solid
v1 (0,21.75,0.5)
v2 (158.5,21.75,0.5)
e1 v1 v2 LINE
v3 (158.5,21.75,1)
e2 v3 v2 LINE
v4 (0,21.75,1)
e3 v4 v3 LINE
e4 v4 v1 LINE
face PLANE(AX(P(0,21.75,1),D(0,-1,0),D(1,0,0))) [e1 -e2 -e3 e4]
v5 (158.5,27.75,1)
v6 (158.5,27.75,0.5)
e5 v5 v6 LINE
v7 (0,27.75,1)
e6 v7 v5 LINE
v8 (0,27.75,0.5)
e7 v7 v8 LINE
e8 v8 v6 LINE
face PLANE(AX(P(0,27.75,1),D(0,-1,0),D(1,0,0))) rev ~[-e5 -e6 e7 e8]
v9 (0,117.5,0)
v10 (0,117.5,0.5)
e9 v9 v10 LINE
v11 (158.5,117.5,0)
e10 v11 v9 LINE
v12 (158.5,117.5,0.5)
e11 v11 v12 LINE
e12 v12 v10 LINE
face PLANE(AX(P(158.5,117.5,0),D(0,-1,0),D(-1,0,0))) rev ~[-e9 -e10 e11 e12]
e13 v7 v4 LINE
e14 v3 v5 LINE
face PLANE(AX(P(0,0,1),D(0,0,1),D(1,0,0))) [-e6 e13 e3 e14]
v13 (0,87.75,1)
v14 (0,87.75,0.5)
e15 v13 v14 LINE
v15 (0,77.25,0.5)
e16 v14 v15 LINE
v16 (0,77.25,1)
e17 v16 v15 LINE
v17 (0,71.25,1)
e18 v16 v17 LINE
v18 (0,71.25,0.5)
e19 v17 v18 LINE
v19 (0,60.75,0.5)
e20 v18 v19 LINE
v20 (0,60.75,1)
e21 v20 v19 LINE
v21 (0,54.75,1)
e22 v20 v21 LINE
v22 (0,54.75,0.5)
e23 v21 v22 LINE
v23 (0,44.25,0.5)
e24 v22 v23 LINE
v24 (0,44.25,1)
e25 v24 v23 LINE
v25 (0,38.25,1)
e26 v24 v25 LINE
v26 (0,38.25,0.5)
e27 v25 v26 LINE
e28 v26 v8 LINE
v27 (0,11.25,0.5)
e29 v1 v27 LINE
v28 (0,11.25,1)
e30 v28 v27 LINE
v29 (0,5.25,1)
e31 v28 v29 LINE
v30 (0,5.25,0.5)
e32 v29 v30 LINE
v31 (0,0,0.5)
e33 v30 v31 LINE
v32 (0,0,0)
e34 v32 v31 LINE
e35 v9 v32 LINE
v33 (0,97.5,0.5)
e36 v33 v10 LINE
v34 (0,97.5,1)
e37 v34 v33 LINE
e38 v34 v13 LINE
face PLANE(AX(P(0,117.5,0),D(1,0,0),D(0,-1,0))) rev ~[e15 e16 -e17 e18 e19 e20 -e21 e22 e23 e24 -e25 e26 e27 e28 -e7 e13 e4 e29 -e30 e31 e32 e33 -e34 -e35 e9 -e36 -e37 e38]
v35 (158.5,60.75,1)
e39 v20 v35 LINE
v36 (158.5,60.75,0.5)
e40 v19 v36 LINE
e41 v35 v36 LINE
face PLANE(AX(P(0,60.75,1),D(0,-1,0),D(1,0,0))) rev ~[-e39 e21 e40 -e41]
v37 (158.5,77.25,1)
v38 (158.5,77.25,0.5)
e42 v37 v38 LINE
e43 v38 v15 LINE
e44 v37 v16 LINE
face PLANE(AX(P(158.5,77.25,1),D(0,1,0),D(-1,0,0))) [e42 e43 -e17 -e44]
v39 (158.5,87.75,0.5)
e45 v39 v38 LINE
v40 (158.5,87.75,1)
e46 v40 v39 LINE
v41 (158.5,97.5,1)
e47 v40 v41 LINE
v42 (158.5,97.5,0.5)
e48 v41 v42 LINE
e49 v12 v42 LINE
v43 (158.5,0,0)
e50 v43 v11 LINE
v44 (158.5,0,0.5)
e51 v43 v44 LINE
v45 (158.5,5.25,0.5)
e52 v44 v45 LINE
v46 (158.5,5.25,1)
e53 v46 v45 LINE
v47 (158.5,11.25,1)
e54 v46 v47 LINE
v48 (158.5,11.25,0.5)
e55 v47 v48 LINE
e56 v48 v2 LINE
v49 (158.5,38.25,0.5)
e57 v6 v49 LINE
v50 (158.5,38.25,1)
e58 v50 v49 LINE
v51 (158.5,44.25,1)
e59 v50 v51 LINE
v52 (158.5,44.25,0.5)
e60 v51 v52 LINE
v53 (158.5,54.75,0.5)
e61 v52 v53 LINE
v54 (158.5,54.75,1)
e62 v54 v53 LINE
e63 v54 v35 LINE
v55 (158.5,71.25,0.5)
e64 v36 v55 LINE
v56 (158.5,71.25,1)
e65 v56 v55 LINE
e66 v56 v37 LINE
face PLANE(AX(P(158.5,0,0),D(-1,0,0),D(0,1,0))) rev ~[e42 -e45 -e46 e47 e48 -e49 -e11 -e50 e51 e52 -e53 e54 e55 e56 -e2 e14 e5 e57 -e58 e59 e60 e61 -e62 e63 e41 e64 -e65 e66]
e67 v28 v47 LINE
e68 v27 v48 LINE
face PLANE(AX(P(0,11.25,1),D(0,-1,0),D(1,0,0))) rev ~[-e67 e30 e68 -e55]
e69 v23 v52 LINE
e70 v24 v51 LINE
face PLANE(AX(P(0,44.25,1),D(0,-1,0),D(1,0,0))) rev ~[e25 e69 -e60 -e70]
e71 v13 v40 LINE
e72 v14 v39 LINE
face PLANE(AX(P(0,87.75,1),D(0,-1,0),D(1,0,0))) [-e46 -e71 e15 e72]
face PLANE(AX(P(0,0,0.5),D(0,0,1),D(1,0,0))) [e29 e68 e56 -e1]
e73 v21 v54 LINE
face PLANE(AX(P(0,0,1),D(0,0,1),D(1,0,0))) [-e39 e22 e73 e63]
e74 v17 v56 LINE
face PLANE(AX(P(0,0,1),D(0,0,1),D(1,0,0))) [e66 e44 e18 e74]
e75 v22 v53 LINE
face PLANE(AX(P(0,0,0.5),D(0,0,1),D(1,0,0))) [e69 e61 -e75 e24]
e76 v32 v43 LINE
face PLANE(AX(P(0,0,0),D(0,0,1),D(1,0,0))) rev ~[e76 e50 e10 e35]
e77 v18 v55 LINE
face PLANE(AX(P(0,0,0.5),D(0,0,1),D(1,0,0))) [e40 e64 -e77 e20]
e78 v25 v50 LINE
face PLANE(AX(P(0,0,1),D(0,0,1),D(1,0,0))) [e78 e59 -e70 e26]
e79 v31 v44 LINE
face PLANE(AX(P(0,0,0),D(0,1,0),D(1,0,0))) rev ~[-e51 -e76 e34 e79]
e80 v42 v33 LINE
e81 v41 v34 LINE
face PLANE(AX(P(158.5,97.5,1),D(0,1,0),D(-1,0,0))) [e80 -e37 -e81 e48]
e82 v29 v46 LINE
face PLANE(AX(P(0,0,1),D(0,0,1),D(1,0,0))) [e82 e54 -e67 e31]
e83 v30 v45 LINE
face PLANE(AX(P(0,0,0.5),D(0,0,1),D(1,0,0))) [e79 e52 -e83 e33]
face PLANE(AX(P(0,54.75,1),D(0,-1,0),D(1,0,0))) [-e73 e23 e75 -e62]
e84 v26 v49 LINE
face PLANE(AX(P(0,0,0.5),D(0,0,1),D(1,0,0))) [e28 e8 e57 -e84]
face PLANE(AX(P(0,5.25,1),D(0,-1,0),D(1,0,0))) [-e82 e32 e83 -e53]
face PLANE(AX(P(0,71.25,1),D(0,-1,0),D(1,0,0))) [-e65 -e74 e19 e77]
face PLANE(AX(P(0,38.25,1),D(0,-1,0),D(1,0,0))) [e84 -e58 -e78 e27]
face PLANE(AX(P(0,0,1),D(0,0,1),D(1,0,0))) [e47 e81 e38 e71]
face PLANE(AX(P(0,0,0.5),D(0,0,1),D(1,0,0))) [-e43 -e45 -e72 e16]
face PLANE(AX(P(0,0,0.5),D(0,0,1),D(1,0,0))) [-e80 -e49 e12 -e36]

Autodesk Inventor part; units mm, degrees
ref_plane "YZ Plane" through (0, 0, 0) normal (1, 0, 0) x (0, 1, 0)
ref_plane "XZ Plane" through (0, 0, 0) normal (0, 1, 0) x (-1, 0, 0)
ref_plane "XY Plane" through (0, 0, 0) normal (0, 0, 1) x (1, 0, 0)
sketch "Эскиз3" plane through (0, 0, 0) normal (0, 0, 1) x (1, 0, 0)
  line L0 (0, 0) -> (158.5, 0)
  line L1 (158.5, 0) -> (158.5, 117.5)
  line L2 (158.5, 117.5) -> (0, 117.5)
  line L3 (0, 117.5) -> (0, 0)
  dimension "d25" = 117.5
  dimension "d26" = 158.5
extrude "Выдавливание2" add sketch "Эскиз3" along normal blind 1
sketch "Эскиз4" plane through (0, 0, 1) normal (0, 0, 1) x (1, 0, 0)
  line L0 (158.5, 117.5) -> (0, 117.5) projected
  line L1 (0, 117.5) -> (158.5, 117.5)
  line L2 (158.5, 117.5) -> (158.5, 97.5)
  line L3 (158.5, 97.5) -> (0, 97.5)
  line L4 (0, 97.5) -> (0, 117.5)
  line L5 (0, 117.5) -> (0, 0) projected
  line L6 (0, 87.75) -> (158.5, 87.75)
  line L7 (158.5, 87.75) -> (158.5, 77.25)
  line L8 (158.5, 77.25) -> (0, 77.25)
  line L9 (0, 77.25) -> (0, 87.75)
  line L10 (0, 71.25) -> (158.5, 71.25)
  line L11 (0, 60.75) -> (158.5, 60.75)
  line L12 (0, 54.75) -> (158.5, 54.75)
  line L13 (0, 44.25) -> (158.5, 44.25)
  line L14 (0, 38.25) -> (158.5, 38.25)
  line L15 (0, 27.75) -> (158.5, 27.75)
  line L16 (0, 21.75) -> (158.5, 21.75)
  line L17 (0, 11.25) -> (158.5, 11.25)
  line L18 (0, 5.25) -> (158.5, 5.25)
  line L19 (0, 0) -> (158.5, 0) projected
  line L20 (0, 0) -> (158.5, 0)
  line L21 (0, 71.25) -> (0, 60.75)
  line L22 (0, 54.75) -> (0, 44.25)
  line L23 (0, 38.25) -> (0, 27.75)
  line L24 (0, 21.75) -> (0, 11.25)
  line L25 (0, 5.25) -> (0, 0)
  line L26 (158.5, 0) -> (158.5, 5.25)
  line L27 (158.5, 11.25) -> (158.5, 21.75)
  line L28 (158.5, 27.75) -> (158.5, 38.25)
  line L29 (158.5, 44.25) -> (158.5, 54.75)
  line L30 (158.5, 0) -> (158.5, 117.5) projected
  line L31 (158.5, 60.75) -> (158.5, 71.25)
  dimension "d29" = 20
  dimension "d30" = 9.75
  dimension "d31" = 10.5
  dimension "d32" = 6
  dimension "d35" = 10.5
  dimension "d36" = 6
  dimension "d37" = 10.5
  dimension "d38" = 6
  dimension "d39" = 10.5
  dimension "d40" = 6
  dimension "d41" = 10.5
  dimension "d42" = 6
  dimension "d43" = 5.25
extrude "Выдавливание3" cut sketch "Эскиз4" against normal blind 0.5 contours L2 L3 L4 L0 | L7 L8 L5 L6 | L30 L11 L5 L10 | L29 L13 L5 L12 | L28 L15 L5 L14 | L27 L17 L5 L16 | L26 L19 L5 L18
properties part number "Подложка"
